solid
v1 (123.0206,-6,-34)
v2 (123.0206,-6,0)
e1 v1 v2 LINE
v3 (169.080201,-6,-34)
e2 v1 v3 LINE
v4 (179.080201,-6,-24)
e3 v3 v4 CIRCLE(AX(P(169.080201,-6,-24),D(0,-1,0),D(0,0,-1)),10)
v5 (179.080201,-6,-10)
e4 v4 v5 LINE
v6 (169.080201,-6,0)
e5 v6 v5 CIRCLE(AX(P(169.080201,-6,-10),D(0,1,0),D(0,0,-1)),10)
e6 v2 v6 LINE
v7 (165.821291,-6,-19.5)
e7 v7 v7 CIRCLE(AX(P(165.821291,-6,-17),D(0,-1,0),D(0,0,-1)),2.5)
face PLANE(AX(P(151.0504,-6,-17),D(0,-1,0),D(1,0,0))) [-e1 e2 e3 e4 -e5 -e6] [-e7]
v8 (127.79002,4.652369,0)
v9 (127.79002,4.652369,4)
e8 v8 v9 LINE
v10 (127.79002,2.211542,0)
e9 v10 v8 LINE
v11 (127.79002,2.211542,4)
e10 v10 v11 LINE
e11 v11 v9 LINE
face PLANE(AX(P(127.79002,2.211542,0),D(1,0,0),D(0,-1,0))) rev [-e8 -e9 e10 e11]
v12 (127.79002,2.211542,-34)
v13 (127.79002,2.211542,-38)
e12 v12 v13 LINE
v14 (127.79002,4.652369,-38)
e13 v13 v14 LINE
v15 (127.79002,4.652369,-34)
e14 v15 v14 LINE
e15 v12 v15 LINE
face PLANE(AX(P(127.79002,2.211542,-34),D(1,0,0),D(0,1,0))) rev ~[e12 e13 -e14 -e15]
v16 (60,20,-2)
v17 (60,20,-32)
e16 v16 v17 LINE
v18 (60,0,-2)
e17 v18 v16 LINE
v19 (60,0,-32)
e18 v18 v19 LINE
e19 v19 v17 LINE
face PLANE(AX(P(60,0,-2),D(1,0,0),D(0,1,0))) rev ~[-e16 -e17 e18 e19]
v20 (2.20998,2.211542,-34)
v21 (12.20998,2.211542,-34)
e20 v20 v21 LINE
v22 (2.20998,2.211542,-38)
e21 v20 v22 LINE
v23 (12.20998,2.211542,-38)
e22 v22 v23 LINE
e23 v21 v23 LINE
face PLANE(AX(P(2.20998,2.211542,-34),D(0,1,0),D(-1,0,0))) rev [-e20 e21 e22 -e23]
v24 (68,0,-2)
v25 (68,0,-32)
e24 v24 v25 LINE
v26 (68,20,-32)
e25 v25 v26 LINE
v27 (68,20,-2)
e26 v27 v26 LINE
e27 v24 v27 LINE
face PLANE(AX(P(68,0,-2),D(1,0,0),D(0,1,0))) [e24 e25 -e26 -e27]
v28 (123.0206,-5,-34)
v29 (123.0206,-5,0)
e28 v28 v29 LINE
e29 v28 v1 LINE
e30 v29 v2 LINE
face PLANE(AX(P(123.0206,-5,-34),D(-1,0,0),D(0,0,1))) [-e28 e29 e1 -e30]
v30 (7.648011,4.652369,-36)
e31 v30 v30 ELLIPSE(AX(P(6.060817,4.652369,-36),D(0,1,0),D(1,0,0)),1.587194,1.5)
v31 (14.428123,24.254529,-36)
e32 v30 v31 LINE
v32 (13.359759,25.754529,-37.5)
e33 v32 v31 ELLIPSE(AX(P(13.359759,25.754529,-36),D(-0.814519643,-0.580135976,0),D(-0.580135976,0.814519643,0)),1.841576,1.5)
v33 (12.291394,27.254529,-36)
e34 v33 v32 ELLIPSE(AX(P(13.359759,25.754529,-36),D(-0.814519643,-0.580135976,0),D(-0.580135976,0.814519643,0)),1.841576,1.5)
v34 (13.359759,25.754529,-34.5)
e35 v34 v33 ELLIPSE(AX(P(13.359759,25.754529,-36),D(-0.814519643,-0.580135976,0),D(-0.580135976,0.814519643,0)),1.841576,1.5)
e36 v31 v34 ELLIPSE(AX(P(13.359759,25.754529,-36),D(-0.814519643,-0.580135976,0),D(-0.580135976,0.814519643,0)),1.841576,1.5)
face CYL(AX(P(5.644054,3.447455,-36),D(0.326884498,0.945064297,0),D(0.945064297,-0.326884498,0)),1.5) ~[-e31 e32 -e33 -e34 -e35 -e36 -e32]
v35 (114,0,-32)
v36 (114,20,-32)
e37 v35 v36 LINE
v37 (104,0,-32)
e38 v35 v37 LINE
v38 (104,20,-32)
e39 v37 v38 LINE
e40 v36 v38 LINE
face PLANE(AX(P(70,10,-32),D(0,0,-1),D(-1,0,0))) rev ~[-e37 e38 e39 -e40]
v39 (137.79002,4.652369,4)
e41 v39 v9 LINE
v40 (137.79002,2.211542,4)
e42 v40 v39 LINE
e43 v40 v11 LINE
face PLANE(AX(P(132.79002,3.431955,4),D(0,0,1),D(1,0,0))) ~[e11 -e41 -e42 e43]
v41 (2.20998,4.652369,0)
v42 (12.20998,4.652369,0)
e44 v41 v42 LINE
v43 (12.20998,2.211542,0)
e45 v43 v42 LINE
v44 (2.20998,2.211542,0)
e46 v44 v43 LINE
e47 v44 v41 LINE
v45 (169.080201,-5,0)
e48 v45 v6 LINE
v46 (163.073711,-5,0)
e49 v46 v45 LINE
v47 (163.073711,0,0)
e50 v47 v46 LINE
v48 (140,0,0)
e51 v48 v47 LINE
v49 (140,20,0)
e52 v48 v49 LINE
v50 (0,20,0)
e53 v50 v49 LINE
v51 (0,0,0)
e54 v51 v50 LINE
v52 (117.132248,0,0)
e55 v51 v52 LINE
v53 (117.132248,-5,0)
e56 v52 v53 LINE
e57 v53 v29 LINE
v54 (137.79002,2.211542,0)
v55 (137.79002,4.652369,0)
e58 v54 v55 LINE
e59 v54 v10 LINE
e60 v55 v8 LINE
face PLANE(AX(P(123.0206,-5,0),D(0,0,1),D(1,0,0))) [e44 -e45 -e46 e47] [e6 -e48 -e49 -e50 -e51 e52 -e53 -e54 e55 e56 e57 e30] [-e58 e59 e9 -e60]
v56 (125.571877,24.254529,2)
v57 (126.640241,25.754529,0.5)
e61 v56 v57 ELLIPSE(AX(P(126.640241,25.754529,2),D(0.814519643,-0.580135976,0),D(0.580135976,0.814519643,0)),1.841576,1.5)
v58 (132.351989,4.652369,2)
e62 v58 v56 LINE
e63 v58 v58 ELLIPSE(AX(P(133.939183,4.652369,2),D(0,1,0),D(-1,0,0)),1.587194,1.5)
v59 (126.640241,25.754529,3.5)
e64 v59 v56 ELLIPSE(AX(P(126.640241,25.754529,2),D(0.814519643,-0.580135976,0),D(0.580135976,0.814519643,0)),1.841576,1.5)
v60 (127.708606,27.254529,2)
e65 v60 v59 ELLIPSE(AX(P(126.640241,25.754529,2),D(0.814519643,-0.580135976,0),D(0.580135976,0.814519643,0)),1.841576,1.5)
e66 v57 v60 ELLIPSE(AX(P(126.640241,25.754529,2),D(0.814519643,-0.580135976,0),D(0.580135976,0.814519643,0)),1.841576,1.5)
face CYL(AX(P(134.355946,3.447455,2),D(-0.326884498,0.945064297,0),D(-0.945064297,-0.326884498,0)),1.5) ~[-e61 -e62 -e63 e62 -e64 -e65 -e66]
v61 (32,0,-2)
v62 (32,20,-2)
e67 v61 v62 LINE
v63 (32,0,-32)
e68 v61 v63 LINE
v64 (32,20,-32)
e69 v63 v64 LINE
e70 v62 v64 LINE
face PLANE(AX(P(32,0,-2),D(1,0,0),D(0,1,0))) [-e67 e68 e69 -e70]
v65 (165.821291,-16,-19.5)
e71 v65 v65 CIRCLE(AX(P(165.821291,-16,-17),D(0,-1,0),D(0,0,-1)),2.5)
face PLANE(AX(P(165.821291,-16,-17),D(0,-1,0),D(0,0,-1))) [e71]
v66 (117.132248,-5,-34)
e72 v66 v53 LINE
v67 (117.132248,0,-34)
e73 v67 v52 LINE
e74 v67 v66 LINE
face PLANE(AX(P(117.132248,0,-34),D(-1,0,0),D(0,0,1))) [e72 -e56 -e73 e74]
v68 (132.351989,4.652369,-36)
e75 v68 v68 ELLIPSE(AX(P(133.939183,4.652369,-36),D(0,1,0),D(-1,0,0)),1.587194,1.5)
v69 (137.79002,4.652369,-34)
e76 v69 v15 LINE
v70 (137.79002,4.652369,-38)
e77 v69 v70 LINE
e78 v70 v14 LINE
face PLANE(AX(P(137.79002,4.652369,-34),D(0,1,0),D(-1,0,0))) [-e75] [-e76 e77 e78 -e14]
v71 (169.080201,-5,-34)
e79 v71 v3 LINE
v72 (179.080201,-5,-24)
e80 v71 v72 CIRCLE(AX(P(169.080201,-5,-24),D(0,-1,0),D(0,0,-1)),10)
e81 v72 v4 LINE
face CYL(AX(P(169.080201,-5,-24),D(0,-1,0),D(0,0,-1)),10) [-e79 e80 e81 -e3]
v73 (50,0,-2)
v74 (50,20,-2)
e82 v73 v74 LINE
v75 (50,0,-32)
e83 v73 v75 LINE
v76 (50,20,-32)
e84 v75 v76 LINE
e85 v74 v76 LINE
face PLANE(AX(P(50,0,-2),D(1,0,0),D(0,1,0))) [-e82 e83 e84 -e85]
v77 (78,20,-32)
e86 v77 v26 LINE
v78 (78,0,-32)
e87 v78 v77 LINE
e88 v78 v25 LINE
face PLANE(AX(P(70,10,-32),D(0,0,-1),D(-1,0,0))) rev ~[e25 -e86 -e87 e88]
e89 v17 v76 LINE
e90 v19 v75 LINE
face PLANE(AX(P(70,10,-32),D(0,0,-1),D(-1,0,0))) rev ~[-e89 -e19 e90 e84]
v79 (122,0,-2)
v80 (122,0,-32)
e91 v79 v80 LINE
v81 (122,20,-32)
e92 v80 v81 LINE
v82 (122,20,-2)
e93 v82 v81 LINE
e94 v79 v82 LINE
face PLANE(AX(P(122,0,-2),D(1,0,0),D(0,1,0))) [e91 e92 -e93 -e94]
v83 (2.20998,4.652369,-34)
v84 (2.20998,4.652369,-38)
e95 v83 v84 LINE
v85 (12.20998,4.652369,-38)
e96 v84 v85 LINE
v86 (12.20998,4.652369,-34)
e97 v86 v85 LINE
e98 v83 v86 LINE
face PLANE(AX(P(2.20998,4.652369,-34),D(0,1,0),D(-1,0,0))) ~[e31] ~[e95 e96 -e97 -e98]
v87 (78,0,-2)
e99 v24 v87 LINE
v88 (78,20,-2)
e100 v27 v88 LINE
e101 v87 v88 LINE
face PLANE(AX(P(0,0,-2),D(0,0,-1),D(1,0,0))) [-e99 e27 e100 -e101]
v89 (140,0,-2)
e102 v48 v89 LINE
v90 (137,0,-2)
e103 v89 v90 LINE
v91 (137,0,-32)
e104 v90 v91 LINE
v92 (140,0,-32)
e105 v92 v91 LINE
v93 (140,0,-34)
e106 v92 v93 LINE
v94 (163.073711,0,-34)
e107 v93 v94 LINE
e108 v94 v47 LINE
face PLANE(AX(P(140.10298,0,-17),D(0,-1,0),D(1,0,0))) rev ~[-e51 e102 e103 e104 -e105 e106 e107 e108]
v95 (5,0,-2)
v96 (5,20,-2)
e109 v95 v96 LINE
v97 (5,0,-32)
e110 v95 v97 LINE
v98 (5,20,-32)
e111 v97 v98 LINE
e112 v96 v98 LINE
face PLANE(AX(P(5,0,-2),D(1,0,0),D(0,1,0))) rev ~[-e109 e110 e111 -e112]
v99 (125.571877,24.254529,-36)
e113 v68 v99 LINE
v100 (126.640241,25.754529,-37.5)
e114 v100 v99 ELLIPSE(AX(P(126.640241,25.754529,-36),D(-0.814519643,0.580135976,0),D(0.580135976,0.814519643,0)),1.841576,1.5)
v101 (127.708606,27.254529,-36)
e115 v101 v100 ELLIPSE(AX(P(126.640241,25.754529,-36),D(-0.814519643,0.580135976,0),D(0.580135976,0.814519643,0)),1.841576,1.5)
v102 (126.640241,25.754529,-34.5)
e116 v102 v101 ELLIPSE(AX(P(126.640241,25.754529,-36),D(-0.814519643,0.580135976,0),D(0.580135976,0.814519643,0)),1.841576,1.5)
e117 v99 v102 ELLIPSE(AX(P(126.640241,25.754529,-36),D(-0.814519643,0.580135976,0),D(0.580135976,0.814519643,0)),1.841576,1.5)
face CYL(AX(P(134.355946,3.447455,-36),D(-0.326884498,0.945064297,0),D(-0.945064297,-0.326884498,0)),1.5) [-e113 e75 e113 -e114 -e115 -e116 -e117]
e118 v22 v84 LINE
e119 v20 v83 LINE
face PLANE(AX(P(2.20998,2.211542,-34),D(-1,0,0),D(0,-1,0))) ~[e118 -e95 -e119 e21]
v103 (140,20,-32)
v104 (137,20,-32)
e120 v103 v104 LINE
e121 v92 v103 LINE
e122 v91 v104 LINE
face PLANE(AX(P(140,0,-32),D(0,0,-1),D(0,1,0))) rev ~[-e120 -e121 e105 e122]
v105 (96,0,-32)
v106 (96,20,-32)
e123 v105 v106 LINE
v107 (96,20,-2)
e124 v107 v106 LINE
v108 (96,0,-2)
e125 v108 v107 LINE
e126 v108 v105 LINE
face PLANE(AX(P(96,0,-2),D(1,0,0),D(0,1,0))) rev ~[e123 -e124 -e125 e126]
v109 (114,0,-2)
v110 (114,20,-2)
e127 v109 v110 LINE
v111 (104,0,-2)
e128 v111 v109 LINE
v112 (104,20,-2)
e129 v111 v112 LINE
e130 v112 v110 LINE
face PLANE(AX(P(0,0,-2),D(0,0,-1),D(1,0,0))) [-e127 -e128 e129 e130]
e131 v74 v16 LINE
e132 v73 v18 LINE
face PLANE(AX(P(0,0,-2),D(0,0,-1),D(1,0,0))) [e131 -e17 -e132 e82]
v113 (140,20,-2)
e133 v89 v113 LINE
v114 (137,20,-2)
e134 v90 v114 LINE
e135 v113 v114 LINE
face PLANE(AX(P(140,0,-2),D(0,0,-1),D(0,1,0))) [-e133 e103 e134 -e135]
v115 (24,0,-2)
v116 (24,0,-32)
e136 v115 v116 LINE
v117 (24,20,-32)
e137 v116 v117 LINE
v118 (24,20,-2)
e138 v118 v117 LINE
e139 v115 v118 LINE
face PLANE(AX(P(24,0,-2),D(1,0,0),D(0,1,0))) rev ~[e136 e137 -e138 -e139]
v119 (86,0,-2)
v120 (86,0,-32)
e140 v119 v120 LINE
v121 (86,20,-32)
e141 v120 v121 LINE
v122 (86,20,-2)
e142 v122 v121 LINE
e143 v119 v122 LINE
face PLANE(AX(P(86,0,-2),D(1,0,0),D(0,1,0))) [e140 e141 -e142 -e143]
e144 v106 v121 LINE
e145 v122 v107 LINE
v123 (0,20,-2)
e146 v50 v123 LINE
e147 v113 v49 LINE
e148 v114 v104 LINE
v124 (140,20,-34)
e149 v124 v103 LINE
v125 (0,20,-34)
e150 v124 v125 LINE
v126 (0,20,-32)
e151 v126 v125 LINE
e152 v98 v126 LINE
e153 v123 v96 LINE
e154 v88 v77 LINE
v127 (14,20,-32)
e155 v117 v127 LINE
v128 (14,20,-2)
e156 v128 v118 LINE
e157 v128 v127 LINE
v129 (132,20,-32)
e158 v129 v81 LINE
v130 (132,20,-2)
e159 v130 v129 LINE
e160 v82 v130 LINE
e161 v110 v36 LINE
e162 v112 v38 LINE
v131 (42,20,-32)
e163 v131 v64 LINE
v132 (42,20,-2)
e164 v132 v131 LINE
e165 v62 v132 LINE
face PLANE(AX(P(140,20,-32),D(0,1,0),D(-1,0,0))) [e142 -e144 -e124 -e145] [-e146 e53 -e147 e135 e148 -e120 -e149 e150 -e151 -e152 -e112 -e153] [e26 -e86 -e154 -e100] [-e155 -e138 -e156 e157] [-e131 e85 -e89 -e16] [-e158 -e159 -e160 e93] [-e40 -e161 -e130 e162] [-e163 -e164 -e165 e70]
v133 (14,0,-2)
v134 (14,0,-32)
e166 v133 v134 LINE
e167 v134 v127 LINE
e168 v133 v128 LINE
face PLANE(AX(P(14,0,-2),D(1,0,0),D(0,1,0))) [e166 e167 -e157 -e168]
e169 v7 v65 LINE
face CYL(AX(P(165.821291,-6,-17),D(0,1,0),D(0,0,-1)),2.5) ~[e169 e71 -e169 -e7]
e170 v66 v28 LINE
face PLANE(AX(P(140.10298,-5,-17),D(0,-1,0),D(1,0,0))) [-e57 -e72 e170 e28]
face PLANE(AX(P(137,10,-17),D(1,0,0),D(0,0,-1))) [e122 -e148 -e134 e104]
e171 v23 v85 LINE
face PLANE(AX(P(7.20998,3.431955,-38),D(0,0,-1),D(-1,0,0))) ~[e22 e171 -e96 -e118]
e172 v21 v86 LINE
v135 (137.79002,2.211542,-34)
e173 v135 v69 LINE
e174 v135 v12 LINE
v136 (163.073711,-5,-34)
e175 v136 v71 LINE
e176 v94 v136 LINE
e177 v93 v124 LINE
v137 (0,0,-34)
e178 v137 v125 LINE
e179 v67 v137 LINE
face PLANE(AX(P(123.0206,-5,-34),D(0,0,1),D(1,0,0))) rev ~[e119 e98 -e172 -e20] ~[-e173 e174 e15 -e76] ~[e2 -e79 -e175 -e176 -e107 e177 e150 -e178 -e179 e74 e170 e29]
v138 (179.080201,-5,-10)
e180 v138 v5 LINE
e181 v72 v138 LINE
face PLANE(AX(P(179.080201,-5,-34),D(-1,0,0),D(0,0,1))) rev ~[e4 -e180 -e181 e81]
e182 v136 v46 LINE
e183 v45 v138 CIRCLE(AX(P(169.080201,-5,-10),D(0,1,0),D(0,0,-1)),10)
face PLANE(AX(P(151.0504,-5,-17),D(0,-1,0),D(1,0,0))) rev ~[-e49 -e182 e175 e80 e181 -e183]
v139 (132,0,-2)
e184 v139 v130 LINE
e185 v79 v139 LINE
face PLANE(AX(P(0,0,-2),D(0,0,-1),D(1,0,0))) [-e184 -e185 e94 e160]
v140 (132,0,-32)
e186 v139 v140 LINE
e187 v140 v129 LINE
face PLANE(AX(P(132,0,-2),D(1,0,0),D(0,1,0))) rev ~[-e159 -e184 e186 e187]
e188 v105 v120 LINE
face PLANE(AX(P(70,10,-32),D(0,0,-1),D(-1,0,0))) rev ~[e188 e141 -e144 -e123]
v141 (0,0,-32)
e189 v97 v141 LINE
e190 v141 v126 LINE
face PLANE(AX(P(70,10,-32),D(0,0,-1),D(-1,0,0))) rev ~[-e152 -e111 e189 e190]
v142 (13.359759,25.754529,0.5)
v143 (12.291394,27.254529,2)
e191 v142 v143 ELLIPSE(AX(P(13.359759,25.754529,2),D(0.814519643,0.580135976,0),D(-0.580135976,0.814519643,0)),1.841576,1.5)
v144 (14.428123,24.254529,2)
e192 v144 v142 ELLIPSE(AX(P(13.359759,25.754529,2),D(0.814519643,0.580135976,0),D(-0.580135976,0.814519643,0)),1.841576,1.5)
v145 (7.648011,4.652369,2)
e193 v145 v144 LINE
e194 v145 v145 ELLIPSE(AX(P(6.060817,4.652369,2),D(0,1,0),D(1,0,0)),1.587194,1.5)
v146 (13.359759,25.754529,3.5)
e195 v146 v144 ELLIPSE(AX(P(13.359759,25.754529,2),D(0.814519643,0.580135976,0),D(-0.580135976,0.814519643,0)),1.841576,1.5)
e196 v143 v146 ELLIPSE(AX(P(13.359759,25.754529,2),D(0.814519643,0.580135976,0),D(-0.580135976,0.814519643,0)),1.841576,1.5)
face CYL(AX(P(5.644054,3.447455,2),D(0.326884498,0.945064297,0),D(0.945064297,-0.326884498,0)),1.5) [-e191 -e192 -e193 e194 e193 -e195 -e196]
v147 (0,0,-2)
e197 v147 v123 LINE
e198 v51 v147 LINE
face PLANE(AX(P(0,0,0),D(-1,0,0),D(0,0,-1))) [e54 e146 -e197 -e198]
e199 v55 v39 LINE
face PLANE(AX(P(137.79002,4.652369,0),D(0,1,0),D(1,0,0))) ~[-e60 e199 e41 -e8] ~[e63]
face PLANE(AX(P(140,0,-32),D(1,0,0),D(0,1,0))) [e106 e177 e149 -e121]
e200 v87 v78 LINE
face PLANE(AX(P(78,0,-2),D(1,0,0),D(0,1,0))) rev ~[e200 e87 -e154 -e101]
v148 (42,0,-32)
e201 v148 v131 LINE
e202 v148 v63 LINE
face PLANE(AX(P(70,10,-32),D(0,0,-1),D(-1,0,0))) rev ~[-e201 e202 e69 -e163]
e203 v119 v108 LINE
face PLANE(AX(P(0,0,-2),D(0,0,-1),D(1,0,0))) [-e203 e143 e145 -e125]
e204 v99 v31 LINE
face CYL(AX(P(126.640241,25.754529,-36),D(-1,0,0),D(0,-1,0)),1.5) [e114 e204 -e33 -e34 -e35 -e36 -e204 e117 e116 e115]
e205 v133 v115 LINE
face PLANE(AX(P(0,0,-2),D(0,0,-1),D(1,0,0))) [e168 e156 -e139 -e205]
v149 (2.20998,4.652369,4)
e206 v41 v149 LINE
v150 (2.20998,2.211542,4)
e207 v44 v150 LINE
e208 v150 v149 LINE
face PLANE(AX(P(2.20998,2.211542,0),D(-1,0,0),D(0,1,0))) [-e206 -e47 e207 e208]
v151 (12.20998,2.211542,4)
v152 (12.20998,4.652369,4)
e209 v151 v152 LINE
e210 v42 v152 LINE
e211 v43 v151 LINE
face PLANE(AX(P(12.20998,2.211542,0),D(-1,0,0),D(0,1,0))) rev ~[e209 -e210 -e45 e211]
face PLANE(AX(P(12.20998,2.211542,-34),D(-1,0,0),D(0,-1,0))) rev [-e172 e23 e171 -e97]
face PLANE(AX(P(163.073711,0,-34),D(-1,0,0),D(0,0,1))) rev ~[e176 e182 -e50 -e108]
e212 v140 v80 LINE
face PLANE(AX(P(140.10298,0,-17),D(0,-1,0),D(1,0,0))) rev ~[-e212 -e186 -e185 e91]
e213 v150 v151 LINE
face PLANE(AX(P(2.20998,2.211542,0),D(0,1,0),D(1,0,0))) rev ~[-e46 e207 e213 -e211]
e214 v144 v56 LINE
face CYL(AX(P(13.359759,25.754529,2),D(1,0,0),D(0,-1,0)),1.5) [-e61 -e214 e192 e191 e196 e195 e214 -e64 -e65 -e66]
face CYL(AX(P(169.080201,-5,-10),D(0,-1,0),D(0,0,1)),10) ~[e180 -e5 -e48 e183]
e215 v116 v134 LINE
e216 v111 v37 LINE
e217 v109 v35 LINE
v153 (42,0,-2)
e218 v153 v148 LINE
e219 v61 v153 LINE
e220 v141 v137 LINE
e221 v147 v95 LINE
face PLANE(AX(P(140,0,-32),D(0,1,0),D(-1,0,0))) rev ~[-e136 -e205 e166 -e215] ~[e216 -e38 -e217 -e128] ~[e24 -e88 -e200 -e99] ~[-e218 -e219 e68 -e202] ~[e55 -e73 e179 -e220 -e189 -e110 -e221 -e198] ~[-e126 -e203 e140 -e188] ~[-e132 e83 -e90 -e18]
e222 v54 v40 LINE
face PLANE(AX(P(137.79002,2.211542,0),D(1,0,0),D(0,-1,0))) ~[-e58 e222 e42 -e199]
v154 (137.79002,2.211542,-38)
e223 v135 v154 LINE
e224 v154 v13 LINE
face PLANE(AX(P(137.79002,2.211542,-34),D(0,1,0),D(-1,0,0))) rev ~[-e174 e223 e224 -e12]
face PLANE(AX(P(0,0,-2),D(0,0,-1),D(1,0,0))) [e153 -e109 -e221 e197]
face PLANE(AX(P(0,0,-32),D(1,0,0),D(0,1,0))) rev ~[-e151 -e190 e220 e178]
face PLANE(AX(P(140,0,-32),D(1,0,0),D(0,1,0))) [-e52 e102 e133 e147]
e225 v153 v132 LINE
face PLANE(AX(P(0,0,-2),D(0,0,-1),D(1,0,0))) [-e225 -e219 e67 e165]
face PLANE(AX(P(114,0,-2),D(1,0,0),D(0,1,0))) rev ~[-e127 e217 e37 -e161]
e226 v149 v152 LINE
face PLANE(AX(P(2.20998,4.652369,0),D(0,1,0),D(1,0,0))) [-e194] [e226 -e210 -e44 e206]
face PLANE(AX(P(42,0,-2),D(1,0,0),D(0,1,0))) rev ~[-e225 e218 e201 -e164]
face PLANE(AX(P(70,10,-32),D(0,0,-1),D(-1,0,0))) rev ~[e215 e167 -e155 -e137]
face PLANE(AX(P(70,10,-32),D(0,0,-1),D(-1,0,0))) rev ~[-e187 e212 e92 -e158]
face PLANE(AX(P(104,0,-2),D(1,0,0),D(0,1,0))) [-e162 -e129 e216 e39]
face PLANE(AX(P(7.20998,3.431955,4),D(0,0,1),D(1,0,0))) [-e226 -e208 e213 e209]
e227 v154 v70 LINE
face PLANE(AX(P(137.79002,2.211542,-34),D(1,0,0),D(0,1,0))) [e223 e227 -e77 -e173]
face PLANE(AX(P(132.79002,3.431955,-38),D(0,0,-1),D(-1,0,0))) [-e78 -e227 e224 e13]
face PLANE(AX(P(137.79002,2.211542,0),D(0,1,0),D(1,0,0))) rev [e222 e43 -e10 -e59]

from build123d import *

# Parameters (mm, degrees)
SKETCH1_W                = 140
SKETCH1_H                = 2
BOSS_EXTRUDE3_DEPTH      = 20
SKETCH3_W                = 8
SKETCH3_H                = 20
SKETCH3_W_2              = 9
BOSS_EXTRUDE4_DEPTH      = 30
SKETCH4_W                = 140
SKETCH4_H                = 20
BOSS_EXTRUDE6_DEPTH      = 2
SKETCH6_W                = 30
SKETCH6_H                = 20
CUT_EXTRUDE4_DEPTH       = 3
SKETCH8_W                = 45.941462796
SKETCH8_H                = 34
BOSS_EXTRUDE7_DEPTH      = 5
SKETCH9_W                = 10
SKETCH9_H                = 2.440826928
BOSS_EXTRUDE8_DEPTH      = 4
SWEEP4_PROFILE_R         = 1.5
MIRROR10_COPY_1_SKETCH_W = 10
MIRROR10_COPY_1_SKETCH_H = 2.440826928
MIRROR10_COPY_1_DEPTH    = 4
MIRROR10_COPY_2_SKETCH_R = 1.5
SKETCH75_W               = 56.059600345
SKETCH75_H               = 34
BOSS_EXTRUDE11_DEPTH     = 1
SKETCH84_R               = 2.5
BOSS_EXTRUDE12_DEPTH     = 10
FILLET1_R                = 10


with BuildPart() as part:
    # Sketch1 → Boss-Extrude3 (new body)
    with BuildSketch(Plane(origin=(0, 0, 0), x_dir=(1, 0, 0), z_dir=(0, 1, 0))):
        with Locations((70, 1)):
            Rectangle(SKETCH1_W, SKETCH1_H)
    extrude(amount=BOSS_EXTRUDE3_DEPTH)

    # Sketch3 → Boss-Extrude4 (add)
    with BuildSketch(Plane(origin=(0, 0, -2), x_dir=(-1, 0, 0), z_dir=(0, 0, -1))):
        with Locations((-136, 10)):
            Rectangle(SKETCH3_W, SKETCH3_H)
        with Locations((-118, 10)):
            Rectangle(SKETCH3_W, SKETCH3_H)
        with Locations((-100, 10)):
            Rectangle(SKETCH3_W, SKETCH3_H)
        with Locations((-82, 10)):
            Rectangle(SKETCH3_W, SKETCH3_H)
        with Locations((-64, 10)):
            Rectangle(SKETCH3_W, SKETCH3_H)
        with Locations((-46, 10)):
            Rectangle(SKETCH3_W, SKETCH3_H)
        with Locations((-28, 10)):
            Rectangle(SKETCH3_W, SKETCH3_H)
        with Locations((-9.5, 10)):
            Rectangle(SKETCH3_W_2, SKETCH3_H)
    extrude(amount=BOSS_EXTRUDE4_DEPTH)

    # Sketch4 → Boss-Extrude6 (add)
    with BuildSketch(Plane(origin=(0, 0, -32), x_dir=(-1, 0, 0), z_dir=(0, 0, -1))):
        with Locations((-70, 10)):
            Rectangle(SKETCH4_W, SKETCH4_H)
    extrude(amount=BOSS_EXTRUDE6_DEPTH)

    # Sketch6 → Cut-Extrude4 (cut)
    with BuildSketch(Plane(origin=(140, 0, 0), x_dir=(0, 0, -1), z_dir=(1, 0, 0))):
        with Locations((17, 10)):
            Rectangle(SKETCH6_W, SKETCH6_H)
    extrude(amount=-CUT_EXTRUDE4_DEPTH, mode=Mode.SUBTRACT)

    # Sketch8 → Boss-Extrude7 (add)
    with BuildSketch(Plane.XZ):
        with Locations((140.102979593, -17)):
            Rectangle(SKETCH8_W, SKETCH8_H)
    extrude(amount=BOSS_EXTRUDE7_DEPTH)

    # Sketch9 → Boss-Extrude8 (add)
    with BuildSketch(Plane.XY):
        with Locations((7.209980337, 3.43195512)):
            Rectangle(SKETCH9_W, SKETCH9_H)
    boss_extrude8 = extrude(amount=BOSS_EXTRUDE8_DEPTH)

    # Sweep4: sweep along a path in Sketch35
    with BuildLine(Plane.XY.offset(2)) as sweep4_path:
        Line((5.644054271, 3.447454854), (13.359758823, 25.754529488))
        Line((13.359758823, 25.754529488), (70, 25.754529488))
    # Sweep4 profile (on start of the path) → Sweep4 (sweep)
    with BuildSketch(Plane(origin=(5.644054271, 3.447454854, 2), x_dir=(0.9450642967083543, -0.3268844980832583, 0), z_dir=(0.3268844980832583, 0.9450642967083543, 0))):
        Circle(SWEEP4_PROFILE_R)
    sweep4 = sweep(path=sweep4_path.line, transition=Transition.RIGHT)

    # Mirror9: Boss-Extrude8, Sweep4 across plane
    add(boss_extrude8.mirror(Plane(origin=(70, 0, 0), x_dir=(0, 0, 1), z_dir=(1, 0, 0))))
    add(sweep4.mirror(Plane(origin=(70, 0, 0), x_dir=(0, 0, 1), z_dir=(1, 0, 0))))

    # Mirror10: Boss-Extrude8, Sweep4 across plane
    add(boss_extrude8.mirror(Plane.XY.offset(-17)))
    add(sweep4.mirror(Plane.XY.offset(-17)))

    # Mirror10 copy 1 sketch → Mirror10 copy 1 (add)
    with BuildSketch(Plane(origin=(140, 0, -34), x_dir=(-1, 0, 0), z_dir=(0, 0, -1))):
        with Locations((7.209980337, 3.43195512)):
            Rectangle(MIRROR10_COPY_1_SKETCH_W, MIRROR10_COPY_1_SKETCH_H)
    extrude(amount=MIRROR10_COPY_1_DEPTH)

    # Mirror10 copy 2: sweep along a path in Mirror10 copy 2 path
    with BuildLine(Plane(origin=(140, 0, -36), x_dir=(-1, 0, 0), z_dir=(0, 0, -1))) as mirror10_copy_2_path:
        Line((5.644054271, 3.447454854), (13.359758823, 25.754529488))
        Line((13.359758823, 25.754529488), (70, 25.754529488))
    # Mirror10 copy 2 sketch → Mirror10 copy 2 (sweep)
    with BuildSketch(Plane(origin=(134.355945729, 3.447454854, -36), x_dir=(-0.9450642967083543, -0.3268844980832583, 0), z_dir=(-0.3268844980832583, 0.9450642967083543, 0))):
        Circle(MIRROR10_COPY_2_SKETCH_R)
    sweep(path=mirror10_copy_2_path.line, transition=Transition.RIGHT)

    # Sketch75 → Boss-Extrude11 (add)
    with BuildSketch(Plane.XZ.offset(5)):
        with Locations((151.050400416, -17)):
            Rectangle(SKETCH75_W, SKETCH75_H)
    extrude(amount=BOSS_EXTRUDE11_DEPTH)

    # Sketch84 → Boss-Extrude12 (add)
    with BuildSketch(Plane.XZ.offset(6)):
        with Locations(Location((165.821290963, -17, 0), (0, 0, 270))):
            Circle(SKETCH84_R)
    extrude(amount=BOSS_EXTRUDE12_DEPTH)

    # Fillet1
    fillet1_edges = [part.edges().sort_by_distance(p)[0] for p in [
        (179.080200588, -5.5, -34),
        (179.080200588, -5.5, 0),
    ]]
    fillet(fillet1_edges, radius=FILLET1_R)


solid = part.part
